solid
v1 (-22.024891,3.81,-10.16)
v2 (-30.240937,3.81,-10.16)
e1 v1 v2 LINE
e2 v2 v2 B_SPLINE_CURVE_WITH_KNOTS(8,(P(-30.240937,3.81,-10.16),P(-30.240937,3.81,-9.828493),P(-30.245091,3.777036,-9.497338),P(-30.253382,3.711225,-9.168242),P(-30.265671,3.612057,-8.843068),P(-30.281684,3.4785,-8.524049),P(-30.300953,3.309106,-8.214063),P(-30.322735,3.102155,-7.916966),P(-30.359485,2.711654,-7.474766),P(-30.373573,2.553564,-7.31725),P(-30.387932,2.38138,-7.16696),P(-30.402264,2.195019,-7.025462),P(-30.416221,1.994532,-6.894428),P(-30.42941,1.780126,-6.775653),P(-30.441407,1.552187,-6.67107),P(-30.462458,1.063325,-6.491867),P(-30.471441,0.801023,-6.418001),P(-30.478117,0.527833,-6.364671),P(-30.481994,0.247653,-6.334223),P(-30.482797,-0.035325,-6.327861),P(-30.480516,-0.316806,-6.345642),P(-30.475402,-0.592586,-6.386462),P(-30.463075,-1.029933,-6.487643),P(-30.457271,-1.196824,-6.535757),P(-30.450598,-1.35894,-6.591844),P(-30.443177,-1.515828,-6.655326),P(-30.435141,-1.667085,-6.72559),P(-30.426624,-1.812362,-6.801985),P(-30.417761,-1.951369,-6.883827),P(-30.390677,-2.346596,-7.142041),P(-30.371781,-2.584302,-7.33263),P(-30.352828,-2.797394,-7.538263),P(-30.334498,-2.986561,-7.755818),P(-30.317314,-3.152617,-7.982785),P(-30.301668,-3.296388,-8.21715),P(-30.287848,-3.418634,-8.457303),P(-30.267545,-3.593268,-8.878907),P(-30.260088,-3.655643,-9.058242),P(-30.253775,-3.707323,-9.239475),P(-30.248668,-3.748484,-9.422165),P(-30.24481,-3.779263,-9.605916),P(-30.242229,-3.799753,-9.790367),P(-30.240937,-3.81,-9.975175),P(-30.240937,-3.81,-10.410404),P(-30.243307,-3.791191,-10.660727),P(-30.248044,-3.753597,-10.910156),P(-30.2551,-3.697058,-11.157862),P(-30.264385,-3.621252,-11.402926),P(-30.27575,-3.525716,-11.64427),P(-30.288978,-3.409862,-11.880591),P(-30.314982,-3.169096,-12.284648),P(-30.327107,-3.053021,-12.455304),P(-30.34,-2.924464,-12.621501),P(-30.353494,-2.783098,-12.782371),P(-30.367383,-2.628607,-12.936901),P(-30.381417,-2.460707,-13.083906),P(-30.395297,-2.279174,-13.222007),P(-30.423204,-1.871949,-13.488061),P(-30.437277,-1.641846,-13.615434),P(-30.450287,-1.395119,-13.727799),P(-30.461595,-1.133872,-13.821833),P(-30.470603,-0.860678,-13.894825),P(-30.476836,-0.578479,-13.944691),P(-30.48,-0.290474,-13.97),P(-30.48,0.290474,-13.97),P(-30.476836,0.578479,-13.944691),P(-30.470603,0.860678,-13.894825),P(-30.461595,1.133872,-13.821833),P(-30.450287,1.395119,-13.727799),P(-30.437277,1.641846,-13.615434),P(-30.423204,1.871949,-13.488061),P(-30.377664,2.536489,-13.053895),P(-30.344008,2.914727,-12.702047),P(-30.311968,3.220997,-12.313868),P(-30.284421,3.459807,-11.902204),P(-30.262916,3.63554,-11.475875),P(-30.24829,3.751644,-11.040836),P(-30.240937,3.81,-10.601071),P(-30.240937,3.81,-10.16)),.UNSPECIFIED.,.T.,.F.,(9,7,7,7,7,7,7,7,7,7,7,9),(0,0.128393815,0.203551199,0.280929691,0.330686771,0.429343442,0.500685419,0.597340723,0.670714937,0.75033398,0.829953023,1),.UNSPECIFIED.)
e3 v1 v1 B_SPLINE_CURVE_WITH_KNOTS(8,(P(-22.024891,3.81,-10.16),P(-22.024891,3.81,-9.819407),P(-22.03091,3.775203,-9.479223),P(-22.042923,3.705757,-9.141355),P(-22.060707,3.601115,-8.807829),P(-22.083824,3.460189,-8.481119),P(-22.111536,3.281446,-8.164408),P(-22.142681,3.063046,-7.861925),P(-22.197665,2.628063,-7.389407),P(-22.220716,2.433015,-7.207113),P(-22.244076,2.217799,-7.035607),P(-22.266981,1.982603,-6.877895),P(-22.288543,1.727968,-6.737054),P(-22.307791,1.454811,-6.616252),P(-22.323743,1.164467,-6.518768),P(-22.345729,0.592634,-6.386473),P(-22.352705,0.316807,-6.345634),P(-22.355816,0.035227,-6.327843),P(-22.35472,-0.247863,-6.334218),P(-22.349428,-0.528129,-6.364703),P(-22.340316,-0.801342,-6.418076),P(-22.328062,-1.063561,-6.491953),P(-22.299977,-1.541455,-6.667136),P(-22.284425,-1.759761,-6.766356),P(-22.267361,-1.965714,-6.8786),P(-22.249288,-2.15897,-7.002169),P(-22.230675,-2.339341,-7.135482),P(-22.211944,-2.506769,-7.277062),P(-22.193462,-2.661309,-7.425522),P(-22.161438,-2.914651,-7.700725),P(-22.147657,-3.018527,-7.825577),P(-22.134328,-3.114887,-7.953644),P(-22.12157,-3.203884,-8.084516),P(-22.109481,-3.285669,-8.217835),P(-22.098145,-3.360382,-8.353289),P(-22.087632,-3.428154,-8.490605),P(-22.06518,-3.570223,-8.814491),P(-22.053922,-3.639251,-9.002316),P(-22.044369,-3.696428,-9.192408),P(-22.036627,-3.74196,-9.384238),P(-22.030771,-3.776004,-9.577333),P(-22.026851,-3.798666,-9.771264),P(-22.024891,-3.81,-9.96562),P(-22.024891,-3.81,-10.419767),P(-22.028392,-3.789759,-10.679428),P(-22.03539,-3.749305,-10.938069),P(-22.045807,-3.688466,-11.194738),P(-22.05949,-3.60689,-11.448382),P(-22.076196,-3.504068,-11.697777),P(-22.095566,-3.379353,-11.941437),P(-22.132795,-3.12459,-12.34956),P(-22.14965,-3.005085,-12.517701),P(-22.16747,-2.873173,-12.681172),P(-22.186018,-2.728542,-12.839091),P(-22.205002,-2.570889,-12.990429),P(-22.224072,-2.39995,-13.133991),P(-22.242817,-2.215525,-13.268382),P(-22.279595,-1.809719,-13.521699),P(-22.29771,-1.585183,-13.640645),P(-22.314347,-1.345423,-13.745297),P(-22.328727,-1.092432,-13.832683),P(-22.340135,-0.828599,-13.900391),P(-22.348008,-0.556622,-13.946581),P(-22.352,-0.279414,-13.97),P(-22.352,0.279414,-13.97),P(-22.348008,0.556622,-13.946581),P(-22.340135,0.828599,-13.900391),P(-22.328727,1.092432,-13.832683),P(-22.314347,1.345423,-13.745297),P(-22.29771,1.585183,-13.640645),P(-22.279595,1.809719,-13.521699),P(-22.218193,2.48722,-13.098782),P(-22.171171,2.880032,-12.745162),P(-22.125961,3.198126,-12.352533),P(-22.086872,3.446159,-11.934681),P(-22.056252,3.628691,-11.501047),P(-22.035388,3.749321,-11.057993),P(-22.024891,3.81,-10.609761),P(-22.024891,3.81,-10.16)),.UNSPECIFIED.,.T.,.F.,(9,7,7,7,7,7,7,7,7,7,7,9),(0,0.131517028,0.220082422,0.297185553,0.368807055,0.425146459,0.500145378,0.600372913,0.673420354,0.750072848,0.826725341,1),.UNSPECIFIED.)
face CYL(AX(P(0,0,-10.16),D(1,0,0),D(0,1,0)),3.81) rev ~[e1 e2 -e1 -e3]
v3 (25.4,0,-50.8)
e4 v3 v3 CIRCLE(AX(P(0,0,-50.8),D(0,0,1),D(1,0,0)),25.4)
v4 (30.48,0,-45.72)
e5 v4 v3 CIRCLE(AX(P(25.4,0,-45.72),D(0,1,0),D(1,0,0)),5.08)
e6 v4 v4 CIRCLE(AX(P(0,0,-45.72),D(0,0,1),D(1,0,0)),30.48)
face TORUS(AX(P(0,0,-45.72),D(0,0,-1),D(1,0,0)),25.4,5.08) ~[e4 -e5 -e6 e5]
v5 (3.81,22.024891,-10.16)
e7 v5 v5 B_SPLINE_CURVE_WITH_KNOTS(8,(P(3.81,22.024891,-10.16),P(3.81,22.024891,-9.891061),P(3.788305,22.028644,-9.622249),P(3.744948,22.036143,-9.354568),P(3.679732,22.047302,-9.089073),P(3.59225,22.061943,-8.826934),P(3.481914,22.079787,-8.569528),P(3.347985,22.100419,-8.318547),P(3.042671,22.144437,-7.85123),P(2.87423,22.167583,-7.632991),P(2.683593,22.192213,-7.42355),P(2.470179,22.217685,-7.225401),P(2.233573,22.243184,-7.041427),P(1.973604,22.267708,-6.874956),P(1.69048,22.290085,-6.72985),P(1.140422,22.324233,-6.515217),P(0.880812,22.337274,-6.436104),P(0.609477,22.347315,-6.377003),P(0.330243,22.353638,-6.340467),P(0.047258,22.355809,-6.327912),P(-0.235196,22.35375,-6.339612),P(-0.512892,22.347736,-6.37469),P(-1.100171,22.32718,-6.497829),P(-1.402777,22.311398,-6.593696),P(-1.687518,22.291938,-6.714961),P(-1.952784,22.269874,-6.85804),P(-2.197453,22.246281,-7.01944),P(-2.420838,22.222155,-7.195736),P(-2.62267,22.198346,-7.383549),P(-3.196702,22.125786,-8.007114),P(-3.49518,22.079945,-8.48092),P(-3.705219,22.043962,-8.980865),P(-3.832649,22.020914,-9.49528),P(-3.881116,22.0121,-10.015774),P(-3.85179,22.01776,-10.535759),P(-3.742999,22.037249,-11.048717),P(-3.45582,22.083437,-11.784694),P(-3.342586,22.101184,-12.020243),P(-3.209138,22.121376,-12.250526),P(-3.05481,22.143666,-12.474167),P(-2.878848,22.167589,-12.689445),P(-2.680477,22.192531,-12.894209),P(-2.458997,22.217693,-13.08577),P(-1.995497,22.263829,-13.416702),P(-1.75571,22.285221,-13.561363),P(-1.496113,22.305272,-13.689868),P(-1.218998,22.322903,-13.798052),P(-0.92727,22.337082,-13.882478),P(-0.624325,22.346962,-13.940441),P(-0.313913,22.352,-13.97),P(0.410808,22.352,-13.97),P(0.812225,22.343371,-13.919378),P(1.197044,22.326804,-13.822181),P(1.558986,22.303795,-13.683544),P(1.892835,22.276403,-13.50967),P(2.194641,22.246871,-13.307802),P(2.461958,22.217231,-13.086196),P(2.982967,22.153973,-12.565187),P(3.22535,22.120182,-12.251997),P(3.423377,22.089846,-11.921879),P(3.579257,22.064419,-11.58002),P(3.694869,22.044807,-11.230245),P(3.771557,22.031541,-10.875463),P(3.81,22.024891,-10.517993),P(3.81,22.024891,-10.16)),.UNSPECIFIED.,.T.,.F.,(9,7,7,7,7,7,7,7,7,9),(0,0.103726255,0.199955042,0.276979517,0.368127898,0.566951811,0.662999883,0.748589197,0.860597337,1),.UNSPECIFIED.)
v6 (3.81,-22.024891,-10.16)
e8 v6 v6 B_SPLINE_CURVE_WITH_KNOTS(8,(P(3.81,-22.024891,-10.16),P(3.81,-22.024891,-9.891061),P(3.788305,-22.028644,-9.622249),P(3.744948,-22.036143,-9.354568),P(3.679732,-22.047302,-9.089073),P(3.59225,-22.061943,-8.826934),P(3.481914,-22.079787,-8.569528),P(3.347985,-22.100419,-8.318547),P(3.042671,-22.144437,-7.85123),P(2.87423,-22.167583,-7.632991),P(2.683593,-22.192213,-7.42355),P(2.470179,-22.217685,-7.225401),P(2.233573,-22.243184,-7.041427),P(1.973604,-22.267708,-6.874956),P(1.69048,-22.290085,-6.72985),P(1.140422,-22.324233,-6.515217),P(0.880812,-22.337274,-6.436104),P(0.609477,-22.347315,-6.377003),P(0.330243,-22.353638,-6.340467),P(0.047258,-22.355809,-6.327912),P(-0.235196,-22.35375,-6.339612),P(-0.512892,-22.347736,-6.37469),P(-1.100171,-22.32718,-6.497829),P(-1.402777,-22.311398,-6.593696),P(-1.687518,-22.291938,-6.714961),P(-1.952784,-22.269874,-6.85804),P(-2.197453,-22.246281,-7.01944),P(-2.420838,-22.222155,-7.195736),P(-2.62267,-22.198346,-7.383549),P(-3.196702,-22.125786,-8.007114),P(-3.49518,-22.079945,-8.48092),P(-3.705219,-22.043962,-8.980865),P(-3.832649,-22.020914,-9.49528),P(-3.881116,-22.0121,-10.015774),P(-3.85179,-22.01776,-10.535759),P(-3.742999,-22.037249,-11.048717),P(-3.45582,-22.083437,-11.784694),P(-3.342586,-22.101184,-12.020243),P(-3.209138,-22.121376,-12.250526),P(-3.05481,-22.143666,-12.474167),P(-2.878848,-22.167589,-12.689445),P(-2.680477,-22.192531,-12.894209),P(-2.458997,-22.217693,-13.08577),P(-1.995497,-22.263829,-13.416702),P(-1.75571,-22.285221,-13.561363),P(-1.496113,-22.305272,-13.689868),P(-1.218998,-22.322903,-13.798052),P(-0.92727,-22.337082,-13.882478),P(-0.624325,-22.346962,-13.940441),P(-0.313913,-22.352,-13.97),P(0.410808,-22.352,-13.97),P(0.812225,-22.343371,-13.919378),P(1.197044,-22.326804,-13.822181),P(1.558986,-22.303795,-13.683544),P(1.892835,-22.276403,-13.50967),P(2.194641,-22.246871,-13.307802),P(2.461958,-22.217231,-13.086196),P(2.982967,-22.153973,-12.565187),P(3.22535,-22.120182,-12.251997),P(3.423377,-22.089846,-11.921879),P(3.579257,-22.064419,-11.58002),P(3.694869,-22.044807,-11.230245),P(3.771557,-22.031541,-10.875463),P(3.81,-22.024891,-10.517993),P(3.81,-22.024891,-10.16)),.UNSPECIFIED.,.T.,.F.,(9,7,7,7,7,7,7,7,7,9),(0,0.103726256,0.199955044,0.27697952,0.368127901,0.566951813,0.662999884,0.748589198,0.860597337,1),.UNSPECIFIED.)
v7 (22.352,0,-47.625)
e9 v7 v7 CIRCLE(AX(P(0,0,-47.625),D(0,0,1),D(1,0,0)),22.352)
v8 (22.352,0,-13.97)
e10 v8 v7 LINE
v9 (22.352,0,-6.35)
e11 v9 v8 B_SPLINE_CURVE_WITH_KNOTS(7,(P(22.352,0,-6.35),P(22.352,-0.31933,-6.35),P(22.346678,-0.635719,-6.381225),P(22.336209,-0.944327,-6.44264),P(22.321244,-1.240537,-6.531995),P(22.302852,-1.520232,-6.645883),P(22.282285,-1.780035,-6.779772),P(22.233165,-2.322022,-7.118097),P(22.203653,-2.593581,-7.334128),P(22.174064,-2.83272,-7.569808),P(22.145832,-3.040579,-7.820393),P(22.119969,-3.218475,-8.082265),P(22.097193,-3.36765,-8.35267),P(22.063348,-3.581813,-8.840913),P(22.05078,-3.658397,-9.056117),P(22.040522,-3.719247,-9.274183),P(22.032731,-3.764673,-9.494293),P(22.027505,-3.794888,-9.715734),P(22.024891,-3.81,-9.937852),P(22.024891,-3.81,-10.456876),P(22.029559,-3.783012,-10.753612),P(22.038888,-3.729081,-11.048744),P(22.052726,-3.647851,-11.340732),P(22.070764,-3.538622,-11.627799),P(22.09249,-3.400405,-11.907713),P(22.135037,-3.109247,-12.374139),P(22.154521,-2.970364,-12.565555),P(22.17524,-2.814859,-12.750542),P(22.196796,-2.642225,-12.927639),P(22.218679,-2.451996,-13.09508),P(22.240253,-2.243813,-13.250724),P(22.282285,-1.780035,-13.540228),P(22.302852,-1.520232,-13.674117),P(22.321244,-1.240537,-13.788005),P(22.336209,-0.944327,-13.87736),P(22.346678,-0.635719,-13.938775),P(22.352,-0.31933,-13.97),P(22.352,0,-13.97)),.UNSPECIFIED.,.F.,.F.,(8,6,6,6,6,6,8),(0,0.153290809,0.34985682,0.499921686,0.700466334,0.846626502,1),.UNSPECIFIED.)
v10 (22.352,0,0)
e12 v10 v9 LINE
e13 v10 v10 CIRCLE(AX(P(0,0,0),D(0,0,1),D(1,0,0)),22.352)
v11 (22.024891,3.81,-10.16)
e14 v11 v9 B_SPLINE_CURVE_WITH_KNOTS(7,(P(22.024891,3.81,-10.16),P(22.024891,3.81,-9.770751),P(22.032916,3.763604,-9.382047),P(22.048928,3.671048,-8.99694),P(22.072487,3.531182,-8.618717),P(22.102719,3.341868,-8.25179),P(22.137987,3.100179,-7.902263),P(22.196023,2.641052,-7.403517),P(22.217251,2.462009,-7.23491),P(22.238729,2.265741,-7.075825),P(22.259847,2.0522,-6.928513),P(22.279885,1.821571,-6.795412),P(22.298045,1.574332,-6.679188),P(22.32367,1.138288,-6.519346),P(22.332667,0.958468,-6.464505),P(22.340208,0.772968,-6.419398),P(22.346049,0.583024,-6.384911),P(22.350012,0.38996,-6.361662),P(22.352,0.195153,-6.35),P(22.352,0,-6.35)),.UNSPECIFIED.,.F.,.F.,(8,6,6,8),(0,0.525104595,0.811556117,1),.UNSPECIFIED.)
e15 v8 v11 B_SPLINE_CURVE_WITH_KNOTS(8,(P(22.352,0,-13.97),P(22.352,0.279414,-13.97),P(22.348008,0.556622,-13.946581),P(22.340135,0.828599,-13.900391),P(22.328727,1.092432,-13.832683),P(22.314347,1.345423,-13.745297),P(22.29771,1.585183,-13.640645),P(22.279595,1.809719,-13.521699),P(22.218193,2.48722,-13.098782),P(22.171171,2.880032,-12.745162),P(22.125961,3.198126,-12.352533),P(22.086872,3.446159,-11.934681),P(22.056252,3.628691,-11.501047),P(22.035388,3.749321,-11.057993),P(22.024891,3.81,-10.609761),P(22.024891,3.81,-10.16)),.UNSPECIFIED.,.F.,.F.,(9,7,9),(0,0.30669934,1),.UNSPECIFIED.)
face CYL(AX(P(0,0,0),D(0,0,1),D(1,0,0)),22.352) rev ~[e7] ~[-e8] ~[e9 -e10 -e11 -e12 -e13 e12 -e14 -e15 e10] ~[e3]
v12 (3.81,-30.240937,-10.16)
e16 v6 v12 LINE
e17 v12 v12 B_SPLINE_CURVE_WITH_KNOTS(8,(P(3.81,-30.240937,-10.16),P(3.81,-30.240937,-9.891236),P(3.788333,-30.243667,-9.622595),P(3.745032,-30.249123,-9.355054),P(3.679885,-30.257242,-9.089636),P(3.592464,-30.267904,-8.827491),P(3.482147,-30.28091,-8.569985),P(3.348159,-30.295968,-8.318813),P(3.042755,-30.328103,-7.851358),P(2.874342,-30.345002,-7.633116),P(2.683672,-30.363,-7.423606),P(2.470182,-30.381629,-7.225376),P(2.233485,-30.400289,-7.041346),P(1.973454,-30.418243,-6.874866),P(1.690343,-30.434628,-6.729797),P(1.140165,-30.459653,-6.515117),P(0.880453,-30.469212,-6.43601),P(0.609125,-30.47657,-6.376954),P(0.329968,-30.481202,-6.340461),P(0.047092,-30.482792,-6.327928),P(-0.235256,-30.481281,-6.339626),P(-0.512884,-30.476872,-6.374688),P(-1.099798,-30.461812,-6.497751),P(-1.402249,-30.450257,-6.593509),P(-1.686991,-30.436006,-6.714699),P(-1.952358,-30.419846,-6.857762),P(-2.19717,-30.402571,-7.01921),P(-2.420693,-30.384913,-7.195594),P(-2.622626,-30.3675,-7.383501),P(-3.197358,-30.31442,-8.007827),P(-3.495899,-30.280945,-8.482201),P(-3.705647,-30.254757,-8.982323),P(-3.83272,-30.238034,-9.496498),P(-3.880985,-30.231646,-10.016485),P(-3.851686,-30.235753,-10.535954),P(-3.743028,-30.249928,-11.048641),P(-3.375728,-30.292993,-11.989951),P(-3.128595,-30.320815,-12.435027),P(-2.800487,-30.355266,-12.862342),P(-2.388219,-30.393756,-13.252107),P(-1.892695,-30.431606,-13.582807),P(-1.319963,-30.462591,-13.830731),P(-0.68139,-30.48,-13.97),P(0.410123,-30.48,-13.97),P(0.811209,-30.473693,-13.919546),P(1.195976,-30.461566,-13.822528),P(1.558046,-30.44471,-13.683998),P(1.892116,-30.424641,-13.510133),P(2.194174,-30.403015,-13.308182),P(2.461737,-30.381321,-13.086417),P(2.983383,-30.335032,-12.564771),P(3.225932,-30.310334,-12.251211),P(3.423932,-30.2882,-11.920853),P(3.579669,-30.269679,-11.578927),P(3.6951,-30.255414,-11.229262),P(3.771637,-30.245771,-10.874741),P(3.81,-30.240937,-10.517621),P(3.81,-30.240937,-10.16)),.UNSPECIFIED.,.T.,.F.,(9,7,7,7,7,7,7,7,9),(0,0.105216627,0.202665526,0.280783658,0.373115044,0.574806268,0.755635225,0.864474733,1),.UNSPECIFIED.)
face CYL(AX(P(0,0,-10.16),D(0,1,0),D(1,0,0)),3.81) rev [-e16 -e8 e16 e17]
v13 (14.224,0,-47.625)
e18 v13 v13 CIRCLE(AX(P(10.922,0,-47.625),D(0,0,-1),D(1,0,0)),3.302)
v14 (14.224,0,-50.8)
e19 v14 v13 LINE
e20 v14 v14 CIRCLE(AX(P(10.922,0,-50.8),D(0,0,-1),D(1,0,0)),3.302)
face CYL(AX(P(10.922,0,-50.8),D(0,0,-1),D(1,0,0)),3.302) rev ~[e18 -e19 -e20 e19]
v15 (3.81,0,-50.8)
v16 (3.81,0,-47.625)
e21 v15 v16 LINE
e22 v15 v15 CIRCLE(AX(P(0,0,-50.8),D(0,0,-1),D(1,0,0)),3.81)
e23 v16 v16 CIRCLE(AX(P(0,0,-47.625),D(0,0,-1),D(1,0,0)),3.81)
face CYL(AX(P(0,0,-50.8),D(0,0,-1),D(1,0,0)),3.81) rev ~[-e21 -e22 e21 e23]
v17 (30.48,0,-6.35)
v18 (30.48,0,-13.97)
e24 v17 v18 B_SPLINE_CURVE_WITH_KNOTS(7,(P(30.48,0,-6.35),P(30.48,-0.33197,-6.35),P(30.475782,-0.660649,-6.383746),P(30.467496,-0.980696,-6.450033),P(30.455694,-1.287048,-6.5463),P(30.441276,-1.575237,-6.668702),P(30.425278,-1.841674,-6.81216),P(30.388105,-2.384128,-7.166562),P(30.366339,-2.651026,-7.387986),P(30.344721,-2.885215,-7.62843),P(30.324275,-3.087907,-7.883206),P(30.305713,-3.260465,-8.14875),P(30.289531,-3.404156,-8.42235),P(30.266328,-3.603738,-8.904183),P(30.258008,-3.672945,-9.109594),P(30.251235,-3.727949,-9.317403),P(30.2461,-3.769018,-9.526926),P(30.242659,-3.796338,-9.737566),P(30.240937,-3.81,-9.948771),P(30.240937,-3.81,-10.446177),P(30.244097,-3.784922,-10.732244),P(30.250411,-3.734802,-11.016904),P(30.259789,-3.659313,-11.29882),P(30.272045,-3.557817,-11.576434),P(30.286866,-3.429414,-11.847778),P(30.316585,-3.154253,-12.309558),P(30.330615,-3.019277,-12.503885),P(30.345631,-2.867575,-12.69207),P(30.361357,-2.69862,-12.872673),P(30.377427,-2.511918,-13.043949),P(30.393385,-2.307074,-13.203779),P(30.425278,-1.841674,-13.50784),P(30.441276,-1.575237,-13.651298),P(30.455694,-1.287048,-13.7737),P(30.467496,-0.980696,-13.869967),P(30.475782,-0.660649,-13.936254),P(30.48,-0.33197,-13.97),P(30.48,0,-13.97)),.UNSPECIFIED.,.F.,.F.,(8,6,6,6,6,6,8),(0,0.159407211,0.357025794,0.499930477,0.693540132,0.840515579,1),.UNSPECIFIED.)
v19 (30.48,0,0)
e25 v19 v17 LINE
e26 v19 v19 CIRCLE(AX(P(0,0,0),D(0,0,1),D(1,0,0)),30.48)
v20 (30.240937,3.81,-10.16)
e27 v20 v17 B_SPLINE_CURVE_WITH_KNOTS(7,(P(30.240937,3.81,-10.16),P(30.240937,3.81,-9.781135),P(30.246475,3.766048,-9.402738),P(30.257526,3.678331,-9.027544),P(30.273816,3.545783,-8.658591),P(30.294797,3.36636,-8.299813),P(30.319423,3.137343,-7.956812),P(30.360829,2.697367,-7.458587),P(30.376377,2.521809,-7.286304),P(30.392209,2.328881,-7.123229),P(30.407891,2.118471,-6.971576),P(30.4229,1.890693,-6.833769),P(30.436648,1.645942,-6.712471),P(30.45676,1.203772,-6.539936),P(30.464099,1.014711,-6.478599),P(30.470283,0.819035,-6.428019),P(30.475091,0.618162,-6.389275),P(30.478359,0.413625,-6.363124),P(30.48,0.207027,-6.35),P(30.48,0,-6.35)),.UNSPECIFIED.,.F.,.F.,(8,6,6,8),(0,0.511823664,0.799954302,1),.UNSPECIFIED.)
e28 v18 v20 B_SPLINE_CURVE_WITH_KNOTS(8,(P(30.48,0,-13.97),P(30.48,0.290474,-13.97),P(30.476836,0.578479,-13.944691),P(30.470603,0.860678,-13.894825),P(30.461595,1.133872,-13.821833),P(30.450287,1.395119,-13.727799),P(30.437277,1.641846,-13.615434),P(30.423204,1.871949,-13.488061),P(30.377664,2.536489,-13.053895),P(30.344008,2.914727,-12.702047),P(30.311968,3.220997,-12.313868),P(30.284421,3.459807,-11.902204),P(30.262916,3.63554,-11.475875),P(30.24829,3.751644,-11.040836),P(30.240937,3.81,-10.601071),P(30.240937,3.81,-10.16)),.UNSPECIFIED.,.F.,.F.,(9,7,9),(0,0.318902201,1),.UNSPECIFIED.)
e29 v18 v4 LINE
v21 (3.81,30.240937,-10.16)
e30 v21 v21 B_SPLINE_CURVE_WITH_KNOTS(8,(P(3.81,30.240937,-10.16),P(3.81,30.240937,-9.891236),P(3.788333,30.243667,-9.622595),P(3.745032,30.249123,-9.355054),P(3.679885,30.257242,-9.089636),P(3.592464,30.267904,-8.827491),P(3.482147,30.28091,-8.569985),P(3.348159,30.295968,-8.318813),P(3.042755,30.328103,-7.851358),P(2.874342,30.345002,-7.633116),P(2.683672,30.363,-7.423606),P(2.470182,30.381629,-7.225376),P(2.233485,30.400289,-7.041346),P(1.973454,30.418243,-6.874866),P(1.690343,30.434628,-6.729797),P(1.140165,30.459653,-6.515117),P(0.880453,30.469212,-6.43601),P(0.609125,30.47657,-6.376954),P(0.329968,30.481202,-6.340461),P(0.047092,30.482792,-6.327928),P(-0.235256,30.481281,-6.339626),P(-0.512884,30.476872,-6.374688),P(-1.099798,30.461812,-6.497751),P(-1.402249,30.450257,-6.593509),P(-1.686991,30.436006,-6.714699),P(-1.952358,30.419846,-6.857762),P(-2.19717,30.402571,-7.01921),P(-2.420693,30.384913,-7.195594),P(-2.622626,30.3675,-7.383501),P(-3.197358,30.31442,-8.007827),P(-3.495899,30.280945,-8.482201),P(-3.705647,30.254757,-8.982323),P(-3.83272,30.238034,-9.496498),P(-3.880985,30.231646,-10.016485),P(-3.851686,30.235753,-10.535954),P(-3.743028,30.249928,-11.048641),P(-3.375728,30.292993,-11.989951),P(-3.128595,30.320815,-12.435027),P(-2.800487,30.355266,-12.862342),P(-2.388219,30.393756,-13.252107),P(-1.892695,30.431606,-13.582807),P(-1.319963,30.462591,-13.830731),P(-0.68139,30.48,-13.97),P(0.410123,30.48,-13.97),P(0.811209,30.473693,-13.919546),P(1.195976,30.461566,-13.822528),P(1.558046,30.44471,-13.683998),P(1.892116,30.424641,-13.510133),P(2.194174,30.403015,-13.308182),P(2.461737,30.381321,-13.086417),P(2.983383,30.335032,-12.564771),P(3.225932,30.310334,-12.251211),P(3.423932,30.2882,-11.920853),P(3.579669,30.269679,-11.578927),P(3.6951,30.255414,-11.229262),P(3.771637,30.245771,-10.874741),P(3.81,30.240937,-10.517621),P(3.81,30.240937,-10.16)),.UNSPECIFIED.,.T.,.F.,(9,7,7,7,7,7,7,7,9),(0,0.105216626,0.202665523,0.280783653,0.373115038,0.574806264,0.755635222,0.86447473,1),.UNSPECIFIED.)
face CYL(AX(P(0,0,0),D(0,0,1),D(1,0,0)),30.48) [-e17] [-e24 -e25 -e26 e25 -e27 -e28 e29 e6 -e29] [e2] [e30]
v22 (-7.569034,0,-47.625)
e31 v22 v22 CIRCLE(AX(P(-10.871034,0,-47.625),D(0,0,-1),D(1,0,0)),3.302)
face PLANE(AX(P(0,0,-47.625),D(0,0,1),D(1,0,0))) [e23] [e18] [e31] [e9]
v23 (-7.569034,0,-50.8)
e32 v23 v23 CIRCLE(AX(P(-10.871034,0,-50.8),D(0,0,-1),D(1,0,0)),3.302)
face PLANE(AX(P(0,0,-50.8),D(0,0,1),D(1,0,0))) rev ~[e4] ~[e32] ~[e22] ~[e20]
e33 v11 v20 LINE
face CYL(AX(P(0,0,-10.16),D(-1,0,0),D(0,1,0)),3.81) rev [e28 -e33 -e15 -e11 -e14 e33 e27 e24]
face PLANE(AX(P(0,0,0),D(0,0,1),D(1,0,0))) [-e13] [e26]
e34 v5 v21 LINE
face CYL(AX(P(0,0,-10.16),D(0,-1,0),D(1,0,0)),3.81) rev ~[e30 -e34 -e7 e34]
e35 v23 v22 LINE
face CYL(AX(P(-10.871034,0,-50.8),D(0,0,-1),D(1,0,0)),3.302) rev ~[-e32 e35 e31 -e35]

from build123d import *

# Parameters (mm, degrees)
F0_R          = 30.48
F1_DEPTH      = 50.8
F2_R          = 3.81
F3_DEPTH      = 50.801
F4_R          = 3.81
F5_DEPTH      = 30.481
F5_DEPTH_BACK = 30.481
F6_R          = 3.81
F7_DEPTH      = 30.4810001
F7_DEPTH_BACK = 30.4810001
F8_R          = 3.302
F9_DEPTH      = 50.8010001
F10_R         = 22.352
F11_DEPTH     = 47.625
F12_R         = 5.08


with BuildPart() as f1:
    # F0 (on Top) → F1 (new body)
    with BuildSketch(Plane.XY):
        Circle(F0_R)
    extrude(amount=-F1_DEPTH)

    # F2 (on face) → F3 (cut, through all)
    with BuildSketch(Plane(origin=(0, 0, -50.8), x_dir=(1, 0, 0), z_dir=(0, 0, -1))):
        Circle(F2_R)
    extrude(amount=-F3_DEPTH, mode=Mode.SUBTRACT)

    # F4 (on Right) → F5 (cut, two sides)
    with BuildSketch(Plane.YZ) as f5_sk:
        with Locations((0, -10.16)):
            Circle(F4_R)
    extrude(amount=-F5_DEPTH, mode=Mode.SUBTRACT)
    extrude(f5_sk.sketch, amount=F5_DEPTH_BACK, mode=Mode.SUBTRACT)

    # F6 (on Front) → F7 (cut, two sides)
    with BuildSketch(Plane.XZ) as f7_sk:
        with Locations((0, -10.16)):
            Circle(F6_R)
    extrude(amount=-F7_DEPTH, mode=Mode.SUBTRACT)
    extrude(f7_sk.sketch, amount=F7_DEPTH_BACK, mode=Mode.SUBTRACT)

    # F8 (on face) → F9 (cut, through all)
    with BuildSketch(Plane(origin=(0, 0, -50.8), x_dir=(1, 0, 0), z_dir=(0, 0, -1))):
        with Locations((10.922, 0)):
            Circle(F8_R)
        with Locations((-10.8710342307, 0)):
            Circle(F8_R)
    extrude(amount=-F9_DEPTH, mode=Mode.SUBTRACT)

    # F10 (on face) → F11 (cut)
    with BuildSketch(Plane.XY):
        Circle(F10_R)
    extrude(amount=-F11_DEPTH, mode=Mode.SUBTRACT)

    # F12
    f12_edges = [f1.edges().sort_by_distance(p)[0] for p in [
        (-30.48, 0, -50.8),
    ]]
    fillet(f12_edges, radius=F12_R)


solid = f1.part
